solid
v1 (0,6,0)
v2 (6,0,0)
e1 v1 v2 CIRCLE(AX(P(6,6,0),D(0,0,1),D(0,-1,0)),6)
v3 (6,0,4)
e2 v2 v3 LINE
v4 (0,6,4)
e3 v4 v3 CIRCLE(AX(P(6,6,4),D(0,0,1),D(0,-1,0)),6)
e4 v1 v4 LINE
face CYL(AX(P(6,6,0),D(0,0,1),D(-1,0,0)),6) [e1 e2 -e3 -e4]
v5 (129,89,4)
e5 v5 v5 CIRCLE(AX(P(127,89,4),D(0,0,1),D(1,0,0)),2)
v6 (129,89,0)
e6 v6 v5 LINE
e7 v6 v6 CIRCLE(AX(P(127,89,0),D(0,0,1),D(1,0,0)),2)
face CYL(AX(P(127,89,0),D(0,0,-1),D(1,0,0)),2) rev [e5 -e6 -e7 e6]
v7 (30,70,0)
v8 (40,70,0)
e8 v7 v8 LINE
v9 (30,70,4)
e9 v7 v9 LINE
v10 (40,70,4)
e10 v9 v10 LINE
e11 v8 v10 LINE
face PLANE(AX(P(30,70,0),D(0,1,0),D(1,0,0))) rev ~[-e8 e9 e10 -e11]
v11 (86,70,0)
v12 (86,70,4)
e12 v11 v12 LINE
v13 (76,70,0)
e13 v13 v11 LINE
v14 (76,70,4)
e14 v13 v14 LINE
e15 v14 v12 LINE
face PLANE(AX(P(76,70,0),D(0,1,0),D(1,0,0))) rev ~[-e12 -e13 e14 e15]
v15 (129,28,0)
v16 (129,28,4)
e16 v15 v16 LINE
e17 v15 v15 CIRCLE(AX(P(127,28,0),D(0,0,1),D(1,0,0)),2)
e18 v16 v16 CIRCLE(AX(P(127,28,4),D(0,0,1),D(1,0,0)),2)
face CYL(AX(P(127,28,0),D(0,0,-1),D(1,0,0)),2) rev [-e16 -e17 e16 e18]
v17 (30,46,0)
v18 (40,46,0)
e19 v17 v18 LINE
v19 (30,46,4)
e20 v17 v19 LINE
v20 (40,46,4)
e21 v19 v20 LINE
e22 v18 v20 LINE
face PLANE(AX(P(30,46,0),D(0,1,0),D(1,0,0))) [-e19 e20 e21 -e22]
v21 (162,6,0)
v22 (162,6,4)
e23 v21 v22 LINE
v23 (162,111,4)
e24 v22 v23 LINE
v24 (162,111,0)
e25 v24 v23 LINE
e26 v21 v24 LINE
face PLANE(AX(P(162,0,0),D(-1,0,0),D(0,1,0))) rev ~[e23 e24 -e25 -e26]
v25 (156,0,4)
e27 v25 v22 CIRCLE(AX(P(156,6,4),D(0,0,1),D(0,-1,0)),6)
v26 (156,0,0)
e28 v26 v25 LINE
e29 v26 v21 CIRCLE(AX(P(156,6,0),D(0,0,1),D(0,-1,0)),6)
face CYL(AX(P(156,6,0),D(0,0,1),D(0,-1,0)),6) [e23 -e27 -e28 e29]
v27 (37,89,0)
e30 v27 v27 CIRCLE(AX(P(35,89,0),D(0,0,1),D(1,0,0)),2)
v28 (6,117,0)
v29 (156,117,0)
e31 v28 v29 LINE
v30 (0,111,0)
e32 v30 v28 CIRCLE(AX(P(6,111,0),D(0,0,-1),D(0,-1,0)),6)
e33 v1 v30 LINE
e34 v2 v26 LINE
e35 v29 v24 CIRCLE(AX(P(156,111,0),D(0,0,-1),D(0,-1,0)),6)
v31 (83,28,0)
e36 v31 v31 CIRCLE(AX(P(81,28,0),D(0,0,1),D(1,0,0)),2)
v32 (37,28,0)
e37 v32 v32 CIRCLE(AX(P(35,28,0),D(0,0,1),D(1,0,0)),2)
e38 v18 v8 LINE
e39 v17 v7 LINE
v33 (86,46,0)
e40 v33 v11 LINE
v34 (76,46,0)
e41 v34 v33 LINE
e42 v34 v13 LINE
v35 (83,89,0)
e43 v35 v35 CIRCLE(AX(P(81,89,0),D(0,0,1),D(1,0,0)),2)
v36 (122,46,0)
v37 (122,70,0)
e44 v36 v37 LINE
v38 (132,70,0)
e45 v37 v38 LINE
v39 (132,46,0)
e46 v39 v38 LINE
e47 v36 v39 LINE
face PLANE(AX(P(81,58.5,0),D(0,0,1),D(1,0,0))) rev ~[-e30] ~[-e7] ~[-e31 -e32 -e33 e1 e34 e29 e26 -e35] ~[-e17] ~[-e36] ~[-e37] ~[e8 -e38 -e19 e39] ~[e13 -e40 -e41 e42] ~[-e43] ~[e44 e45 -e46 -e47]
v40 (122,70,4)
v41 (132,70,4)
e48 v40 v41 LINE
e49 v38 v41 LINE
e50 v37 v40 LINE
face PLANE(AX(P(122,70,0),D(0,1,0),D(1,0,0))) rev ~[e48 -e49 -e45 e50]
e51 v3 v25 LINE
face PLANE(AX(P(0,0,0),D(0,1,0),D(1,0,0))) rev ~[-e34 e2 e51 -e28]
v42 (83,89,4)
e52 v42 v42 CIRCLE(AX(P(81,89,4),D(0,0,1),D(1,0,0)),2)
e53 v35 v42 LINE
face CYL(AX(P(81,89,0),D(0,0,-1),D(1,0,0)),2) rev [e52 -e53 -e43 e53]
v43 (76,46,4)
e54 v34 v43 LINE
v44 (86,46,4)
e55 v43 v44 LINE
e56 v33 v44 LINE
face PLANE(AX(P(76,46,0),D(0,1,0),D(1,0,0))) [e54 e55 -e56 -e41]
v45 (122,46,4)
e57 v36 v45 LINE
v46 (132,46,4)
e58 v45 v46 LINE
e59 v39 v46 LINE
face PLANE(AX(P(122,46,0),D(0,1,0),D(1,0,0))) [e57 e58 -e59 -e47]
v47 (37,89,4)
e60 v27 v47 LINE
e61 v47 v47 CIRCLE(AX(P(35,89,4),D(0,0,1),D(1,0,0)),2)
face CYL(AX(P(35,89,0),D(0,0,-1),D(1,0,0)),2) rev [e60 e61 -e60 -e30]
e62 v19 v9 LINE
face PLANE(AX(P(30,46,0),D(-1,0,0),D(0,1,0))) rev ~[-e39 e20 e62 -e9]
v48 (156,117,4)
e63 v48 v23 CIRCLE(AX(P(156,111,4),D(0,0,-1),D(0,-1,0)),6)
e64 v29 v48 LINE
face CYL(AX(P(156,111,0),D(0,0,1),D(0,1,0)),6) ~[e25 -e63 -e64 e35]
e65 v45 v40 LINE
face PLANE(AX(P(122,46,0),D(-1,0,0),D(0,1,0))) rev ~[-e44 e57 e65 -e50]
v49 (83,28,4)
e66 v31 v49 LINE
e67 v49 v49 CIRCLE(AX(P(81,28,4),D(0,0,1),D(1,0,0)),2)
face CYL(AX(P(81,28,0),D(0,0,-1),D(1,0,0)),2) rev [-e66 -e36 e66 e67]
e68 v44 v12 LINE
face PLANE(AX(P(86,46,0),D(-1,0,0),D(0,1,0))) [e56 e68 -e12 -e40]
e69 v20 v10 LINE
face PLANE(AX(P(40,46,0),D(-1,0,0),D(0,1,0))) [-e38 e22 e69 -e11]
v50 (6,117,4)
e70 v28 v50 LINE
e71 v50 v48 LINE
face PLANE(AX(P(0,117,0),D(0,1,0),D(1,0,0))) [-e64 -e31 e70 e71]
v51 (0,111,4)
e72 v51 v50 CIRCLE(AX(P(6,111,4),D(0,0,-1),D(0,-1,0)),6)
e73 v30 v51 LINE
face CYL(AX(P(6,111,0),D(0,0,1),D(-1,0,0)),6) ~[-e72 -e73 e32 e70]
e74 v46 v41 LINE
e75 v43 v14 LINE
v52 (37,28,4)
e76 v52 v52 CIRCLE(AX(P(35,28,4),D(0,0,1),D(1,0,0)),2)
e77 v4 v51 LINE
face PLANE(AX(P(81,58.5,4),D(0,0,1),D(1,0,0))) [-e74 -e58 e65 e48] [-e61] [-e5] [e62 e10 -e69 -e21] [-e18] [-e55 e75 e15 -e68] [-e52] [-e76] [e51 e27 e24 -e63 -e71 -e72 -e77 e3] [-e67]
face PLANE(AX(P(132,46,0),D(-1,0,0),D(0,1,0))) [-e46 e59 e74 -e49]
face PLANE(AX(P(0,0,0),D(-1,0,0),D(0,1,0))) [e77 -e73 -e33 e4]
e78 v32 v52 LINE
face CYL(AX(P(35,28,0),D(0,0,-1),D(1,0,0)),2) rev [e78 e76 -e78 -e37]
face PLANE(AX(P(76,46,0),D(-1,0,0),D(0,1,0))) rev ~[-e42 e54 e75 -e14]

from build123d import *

# Parameters (mm, degrees)
F0_W     = 162
F0_H     = 117
F0_R     = 2
F0_W_2   = 10
F0_H_2   = 24
F1_DEPTH = 4
F2_R     = 6


with BuildPart() as f1:
    # F0 (on Top) → F1 (new body)
    with BuildSketch(Plane.XY):
        with Locations((81, 58.5)):
            Rectangle(F0_W, F0_H)
        with Locations((35, 28)):
            Circle(F0_R, mode=Mode.SUBTRACT)
        with Locations((35, 58)):
            Rectangle(F0_W_2, F0_H_2, mode=Mode.SUBTRACT)
        with Locations((81, 28)):
            Circle(F0_R, mode=Mode.SUBTRACT)
        with Locations((127, 28)):
            Circle(F0_R, mode=Mode.SUBTRACT)
        with Locations((81, 58)):
            Rectangle(F0_W_2, F0_H_2, mode=Mode.SUBTRACT)
        with Locations((127, 58)):
            Rectangle(F0_W_2, F0_H_2, mode=Mode.SUBTRACT)
        with Locations((35, 89)):
            Circle(F0_R, mode=Mode.SUBTRACT)
        with Locations((81, 89)):
            Circle(F0_R, mode=Mode.SUBTRACT)
        with Locations((127, 89)):
            Circle(F0_R, mode=Mode.SUBTRACT)
    extrude(amount=F1_DEPTH)

    # F2
    f2_edges = [f1.edges().sort_by_distance(p)[0] for p in [
        (0, 117, 2),
        (162, 117, 2),
        (162, 0, 2),
        (0, 0, 2),
    ]]
    fillet(f2_edges, radius=F2_R)


solid = f1.part
